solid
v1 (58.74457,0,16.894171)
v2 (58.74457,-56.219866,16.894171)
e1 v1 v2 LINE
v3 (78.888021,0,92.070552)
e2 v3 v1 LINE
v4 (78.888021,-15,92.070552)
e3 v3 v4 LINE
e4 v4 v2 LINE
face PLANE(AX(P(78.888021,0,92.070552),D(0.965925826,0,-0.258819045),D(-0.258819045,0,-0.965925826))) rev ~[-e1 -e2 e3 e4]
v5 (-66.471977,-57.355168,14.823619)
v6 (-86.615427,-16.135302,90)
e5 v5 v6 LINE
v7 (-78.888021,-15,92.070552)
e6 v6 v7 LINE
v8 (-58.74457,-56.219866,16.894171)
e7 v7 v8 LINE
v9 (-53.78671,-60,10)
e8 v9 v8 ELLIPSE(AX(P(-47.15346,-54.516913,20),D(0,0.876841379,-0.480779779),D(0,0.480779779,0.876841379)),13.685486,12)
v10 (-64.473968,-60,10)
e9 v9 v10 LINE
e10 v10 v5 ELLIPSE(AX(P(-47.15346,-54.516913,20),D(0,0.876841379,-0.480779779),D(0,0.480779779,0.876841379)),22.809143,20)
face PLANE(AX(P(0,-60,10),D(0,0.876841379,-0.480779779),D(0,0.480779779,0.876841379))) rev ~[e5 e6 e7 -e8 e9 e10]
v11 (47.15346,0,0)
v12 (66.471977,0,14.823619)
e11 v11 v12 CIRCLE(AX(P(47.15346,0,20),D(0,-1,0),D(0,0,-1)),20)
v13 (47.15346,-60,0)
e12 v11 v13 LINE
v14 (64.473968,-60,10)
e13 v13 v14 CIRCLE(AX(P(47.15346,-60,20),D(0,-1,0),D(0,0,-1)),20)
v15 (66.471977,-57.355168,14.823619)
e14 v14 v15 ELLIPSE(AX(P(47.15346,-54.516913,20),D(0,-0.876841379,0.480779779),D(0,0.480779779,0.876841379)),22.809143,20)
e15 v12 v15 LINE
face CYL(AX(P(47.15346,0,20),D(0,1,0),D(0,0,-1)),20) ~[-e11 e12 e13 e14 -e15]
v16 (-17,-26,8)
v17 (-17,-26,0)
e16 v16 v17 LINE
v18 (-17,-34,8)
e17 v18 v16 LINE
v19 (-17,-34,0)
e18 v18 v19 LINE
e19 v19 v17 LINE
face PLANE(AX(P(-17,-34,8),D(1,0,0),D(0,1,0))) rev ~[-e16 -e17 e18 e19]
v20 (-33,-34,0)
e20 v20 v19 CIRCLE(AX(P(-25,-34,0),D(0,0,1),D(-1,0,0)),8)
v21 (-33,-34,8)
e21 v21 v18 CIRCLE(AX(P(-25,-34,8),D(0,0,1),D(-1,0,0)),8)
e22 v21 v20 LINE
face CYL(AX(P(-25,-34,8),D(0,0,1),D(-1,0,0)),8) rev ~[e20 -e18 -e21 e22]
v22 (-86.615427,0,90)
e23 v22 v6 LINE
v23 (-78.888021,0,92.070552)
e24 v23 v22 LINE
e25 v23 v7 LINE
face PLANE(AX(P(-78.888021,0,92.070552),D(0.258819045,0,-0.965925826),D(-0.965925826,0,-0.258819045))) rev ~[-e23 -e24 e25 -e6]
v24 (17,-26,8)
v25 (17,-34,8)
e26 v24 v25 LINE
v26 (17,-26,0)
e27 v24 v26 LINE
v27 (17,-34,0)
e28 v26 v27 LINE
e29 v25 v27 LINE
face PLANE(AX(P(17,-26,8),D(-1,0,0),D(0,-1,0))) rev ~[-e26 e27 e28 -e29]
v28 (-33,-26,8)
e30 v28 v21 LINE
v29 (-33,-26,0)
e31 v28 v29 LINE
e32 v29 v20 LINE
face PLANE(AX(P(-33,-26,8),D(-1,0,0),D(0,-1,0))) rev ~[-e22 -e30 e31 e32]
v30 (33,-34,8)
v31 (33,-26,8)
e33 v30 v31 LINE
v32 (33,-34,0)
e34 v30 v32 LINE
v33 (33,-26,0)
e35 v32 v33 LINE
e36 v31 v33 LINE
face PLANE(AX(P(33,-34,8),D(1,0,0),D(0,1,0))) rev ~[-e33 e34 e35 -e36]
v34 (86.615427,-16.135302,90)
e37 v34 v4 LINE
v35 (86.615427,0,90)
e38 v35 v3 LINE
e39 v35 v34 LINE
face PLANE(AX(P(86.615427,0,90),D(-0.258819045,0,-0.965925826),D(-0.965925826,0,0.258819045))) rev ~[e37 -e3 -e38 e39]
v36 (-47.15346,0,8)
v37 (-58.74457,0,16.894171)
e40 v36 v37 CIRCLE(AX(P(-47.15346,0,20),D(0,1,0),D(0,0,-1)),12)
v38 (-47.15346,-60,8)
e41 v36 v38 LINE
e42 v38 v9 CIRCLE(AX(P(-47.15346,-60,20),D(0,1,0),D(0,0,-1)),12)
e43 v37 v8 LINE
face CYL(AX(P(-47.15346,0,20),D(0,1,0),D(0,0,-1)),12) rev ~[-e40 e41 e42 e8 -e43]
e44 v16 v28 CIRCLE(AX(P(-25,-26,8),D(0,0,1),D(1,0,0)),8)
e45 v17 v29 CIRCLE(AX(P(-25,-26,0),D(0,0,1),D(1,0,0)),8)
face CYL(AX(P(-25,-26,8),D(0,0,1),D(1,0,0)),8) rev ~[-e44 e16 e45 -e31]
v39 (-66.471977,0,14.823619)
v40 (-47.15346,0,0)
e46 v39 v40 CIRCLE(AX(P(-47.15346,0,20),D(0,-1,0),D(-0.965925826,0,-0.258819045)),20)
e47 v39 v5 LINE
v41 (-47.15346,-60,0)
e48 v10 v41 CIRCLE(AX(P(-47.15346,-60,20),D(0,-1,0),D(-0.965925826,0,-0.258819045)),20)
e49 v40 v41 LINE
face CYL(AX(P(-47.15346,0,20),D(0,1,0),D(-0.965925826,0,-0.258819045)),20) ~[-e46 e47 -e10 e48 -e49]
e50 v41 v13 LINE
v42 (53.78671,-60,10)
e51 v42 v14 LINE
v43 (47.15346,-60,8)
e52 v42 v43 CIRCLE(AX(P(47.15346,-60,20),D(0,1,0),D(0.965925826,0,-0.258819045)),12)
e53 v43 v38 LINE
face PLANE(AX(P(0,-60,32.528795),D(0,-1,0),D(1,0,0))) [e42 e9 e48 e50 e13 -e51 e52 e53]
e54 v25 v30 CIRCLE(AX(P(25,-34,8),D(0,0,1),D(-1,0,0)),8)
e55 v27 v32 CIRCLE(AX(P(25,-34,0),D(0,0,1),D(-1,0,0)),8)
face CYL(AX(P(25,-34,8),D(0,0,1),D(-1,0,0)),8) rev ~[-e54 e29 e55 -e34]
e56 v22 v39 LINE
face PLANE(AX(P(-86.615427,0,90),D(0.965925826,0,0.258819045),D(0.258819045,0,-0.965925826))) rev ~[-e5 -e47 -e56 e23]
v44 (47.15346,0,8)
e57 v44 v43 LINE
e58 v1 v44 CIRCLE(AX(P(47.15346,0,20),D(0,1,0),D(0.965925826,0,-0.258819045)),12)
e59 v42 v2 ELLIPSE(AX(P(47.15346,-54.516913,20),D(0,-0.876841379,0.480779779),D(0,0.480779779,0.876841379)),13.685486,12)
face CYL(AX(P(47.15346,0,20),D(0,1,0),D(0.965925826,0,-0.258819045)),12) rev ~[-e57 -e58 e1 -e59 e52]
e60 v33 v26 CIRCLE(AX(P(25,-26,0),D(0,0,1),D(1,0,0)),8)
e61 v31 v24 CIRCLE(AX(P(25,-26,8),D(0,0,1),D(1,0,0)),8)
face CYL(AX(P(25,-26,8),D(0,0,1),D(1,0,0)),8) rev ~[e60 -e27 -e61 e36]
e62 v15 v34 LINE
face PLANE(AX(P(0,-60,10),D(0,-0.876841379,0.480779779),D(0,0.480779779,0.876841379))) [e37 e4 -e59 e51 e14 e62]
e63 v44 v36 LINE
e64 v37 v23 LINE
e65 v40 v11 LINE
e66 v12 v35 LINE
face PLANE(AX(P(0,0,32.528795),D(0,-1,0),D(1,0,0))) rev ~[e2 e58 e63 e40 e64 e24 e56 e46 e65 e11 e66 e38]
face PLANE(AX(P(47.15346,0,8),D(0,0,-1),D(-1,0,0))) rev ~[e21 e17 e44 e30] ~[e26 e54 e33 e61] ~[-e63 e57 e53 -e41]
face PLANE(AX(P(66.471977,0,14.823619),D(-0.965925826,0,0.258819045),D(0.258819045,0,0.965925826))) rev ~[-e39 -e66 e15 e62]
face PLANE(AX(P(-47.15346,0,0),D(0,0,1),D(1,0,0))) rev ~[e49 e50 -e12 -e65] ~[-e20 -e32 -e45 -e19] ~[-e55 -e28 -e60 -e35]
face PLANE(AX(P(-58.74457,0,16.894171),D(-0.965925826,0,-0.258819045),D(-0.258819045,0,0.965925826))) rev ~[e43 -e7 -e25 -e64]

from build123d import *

# Parameters (mm, degrees)
F1_DEPTH      = 60
F3_DEPTH      = 86.6164273188
F3_DEPTH_BACK = 86.6164273188
F5_DEPTH      = 8.001


with BuildPart() as f1:
    # F0 (on Front) → F1 (new body)
    with BuildSketch(Plane.XZ):
        with BuildLine():
            ThreePointArc((-66.4719767662, 14.8236190979), (-59.3286888206, 4.1329331942), (-47.1534602404, 0))
            Line((-47.1534602404, 0), (47.1534602404, 0))
            ThreePointArc((47.1534602404, 0), (59.3286888206, 4.1329331942), (66.4719767662, 14.8236190979))
            Line((66.4719767662, 14.8236190979), (86.6154273188, 90))
            Line((86.6154273188, 90), (78.8880207085, 92.0705523608))
            Line((78.8880207085, 92.0705523608), (58.7445701559, 16.8941714588))
            ThreePointArc((58.7445701559, 16.8941714588), (54.4585973885, 10.4797599165), (47.1534602404, 8))
            Line((47.1534602404, 8), (-47.1534602404, 8))
            ThreePointArc((-47.1534602404, 8), (-54.4585973885, 10.4797599165), (-58.7445701559, 16.8941714588))
            Line((-58.7445701559, 16.8941714588), (-78.8880207085, 92.0705523608))
            Line((-78.8880207085, 92.0705523608), (-86.6154273188, 90))
            Line((-86.6154273188, 90), (-66.4719767662, 14.8236190979))
        make_face()
    extrude(amount=F1_DEPTH)

    # F2 (on Right) → F3 (cut, two sides)
    with BuildSketch(Plane.YZ) as f3_sk:
        Polygon((-15, 92.0705523608), (-60, 92.0705523608), (-60, 10), align=None)
    extrude(amount=-F3_DEPTH, mode=Mode.SUBTRACT)
    extrude(f3_sk.sketch, amount=F3_DEPTH_BACK, mode=Mode.SUBTRACT)

    # F4 (on face) → F5 (cut, through all)
    with BuildSketch(Plane.XY.offset(8)):
        with BuildLine():
            Line((-33, -26), (-33, -34))
            ThreePointArc((-33, -34), (-25, -42), (-17, -34))
            Line((-17, -34), (-17, -26))
            ThreePointArc((-17, -26), (-25, -18), (-33, -26))
        make_face()
        with BuildLine():
            ThreePointArc((33, -26), (25, -18), (17, -26))
            Line((17, -26), (17, -34))
            ThreePointArc((17, -34), (25, -42), (33, -34))
            Line((33, -34), (33, -26))
        make_face()
    extrude(amount=-F5_DEPTH, mode=Mode.SUBTRACT)


solid = f1.part
